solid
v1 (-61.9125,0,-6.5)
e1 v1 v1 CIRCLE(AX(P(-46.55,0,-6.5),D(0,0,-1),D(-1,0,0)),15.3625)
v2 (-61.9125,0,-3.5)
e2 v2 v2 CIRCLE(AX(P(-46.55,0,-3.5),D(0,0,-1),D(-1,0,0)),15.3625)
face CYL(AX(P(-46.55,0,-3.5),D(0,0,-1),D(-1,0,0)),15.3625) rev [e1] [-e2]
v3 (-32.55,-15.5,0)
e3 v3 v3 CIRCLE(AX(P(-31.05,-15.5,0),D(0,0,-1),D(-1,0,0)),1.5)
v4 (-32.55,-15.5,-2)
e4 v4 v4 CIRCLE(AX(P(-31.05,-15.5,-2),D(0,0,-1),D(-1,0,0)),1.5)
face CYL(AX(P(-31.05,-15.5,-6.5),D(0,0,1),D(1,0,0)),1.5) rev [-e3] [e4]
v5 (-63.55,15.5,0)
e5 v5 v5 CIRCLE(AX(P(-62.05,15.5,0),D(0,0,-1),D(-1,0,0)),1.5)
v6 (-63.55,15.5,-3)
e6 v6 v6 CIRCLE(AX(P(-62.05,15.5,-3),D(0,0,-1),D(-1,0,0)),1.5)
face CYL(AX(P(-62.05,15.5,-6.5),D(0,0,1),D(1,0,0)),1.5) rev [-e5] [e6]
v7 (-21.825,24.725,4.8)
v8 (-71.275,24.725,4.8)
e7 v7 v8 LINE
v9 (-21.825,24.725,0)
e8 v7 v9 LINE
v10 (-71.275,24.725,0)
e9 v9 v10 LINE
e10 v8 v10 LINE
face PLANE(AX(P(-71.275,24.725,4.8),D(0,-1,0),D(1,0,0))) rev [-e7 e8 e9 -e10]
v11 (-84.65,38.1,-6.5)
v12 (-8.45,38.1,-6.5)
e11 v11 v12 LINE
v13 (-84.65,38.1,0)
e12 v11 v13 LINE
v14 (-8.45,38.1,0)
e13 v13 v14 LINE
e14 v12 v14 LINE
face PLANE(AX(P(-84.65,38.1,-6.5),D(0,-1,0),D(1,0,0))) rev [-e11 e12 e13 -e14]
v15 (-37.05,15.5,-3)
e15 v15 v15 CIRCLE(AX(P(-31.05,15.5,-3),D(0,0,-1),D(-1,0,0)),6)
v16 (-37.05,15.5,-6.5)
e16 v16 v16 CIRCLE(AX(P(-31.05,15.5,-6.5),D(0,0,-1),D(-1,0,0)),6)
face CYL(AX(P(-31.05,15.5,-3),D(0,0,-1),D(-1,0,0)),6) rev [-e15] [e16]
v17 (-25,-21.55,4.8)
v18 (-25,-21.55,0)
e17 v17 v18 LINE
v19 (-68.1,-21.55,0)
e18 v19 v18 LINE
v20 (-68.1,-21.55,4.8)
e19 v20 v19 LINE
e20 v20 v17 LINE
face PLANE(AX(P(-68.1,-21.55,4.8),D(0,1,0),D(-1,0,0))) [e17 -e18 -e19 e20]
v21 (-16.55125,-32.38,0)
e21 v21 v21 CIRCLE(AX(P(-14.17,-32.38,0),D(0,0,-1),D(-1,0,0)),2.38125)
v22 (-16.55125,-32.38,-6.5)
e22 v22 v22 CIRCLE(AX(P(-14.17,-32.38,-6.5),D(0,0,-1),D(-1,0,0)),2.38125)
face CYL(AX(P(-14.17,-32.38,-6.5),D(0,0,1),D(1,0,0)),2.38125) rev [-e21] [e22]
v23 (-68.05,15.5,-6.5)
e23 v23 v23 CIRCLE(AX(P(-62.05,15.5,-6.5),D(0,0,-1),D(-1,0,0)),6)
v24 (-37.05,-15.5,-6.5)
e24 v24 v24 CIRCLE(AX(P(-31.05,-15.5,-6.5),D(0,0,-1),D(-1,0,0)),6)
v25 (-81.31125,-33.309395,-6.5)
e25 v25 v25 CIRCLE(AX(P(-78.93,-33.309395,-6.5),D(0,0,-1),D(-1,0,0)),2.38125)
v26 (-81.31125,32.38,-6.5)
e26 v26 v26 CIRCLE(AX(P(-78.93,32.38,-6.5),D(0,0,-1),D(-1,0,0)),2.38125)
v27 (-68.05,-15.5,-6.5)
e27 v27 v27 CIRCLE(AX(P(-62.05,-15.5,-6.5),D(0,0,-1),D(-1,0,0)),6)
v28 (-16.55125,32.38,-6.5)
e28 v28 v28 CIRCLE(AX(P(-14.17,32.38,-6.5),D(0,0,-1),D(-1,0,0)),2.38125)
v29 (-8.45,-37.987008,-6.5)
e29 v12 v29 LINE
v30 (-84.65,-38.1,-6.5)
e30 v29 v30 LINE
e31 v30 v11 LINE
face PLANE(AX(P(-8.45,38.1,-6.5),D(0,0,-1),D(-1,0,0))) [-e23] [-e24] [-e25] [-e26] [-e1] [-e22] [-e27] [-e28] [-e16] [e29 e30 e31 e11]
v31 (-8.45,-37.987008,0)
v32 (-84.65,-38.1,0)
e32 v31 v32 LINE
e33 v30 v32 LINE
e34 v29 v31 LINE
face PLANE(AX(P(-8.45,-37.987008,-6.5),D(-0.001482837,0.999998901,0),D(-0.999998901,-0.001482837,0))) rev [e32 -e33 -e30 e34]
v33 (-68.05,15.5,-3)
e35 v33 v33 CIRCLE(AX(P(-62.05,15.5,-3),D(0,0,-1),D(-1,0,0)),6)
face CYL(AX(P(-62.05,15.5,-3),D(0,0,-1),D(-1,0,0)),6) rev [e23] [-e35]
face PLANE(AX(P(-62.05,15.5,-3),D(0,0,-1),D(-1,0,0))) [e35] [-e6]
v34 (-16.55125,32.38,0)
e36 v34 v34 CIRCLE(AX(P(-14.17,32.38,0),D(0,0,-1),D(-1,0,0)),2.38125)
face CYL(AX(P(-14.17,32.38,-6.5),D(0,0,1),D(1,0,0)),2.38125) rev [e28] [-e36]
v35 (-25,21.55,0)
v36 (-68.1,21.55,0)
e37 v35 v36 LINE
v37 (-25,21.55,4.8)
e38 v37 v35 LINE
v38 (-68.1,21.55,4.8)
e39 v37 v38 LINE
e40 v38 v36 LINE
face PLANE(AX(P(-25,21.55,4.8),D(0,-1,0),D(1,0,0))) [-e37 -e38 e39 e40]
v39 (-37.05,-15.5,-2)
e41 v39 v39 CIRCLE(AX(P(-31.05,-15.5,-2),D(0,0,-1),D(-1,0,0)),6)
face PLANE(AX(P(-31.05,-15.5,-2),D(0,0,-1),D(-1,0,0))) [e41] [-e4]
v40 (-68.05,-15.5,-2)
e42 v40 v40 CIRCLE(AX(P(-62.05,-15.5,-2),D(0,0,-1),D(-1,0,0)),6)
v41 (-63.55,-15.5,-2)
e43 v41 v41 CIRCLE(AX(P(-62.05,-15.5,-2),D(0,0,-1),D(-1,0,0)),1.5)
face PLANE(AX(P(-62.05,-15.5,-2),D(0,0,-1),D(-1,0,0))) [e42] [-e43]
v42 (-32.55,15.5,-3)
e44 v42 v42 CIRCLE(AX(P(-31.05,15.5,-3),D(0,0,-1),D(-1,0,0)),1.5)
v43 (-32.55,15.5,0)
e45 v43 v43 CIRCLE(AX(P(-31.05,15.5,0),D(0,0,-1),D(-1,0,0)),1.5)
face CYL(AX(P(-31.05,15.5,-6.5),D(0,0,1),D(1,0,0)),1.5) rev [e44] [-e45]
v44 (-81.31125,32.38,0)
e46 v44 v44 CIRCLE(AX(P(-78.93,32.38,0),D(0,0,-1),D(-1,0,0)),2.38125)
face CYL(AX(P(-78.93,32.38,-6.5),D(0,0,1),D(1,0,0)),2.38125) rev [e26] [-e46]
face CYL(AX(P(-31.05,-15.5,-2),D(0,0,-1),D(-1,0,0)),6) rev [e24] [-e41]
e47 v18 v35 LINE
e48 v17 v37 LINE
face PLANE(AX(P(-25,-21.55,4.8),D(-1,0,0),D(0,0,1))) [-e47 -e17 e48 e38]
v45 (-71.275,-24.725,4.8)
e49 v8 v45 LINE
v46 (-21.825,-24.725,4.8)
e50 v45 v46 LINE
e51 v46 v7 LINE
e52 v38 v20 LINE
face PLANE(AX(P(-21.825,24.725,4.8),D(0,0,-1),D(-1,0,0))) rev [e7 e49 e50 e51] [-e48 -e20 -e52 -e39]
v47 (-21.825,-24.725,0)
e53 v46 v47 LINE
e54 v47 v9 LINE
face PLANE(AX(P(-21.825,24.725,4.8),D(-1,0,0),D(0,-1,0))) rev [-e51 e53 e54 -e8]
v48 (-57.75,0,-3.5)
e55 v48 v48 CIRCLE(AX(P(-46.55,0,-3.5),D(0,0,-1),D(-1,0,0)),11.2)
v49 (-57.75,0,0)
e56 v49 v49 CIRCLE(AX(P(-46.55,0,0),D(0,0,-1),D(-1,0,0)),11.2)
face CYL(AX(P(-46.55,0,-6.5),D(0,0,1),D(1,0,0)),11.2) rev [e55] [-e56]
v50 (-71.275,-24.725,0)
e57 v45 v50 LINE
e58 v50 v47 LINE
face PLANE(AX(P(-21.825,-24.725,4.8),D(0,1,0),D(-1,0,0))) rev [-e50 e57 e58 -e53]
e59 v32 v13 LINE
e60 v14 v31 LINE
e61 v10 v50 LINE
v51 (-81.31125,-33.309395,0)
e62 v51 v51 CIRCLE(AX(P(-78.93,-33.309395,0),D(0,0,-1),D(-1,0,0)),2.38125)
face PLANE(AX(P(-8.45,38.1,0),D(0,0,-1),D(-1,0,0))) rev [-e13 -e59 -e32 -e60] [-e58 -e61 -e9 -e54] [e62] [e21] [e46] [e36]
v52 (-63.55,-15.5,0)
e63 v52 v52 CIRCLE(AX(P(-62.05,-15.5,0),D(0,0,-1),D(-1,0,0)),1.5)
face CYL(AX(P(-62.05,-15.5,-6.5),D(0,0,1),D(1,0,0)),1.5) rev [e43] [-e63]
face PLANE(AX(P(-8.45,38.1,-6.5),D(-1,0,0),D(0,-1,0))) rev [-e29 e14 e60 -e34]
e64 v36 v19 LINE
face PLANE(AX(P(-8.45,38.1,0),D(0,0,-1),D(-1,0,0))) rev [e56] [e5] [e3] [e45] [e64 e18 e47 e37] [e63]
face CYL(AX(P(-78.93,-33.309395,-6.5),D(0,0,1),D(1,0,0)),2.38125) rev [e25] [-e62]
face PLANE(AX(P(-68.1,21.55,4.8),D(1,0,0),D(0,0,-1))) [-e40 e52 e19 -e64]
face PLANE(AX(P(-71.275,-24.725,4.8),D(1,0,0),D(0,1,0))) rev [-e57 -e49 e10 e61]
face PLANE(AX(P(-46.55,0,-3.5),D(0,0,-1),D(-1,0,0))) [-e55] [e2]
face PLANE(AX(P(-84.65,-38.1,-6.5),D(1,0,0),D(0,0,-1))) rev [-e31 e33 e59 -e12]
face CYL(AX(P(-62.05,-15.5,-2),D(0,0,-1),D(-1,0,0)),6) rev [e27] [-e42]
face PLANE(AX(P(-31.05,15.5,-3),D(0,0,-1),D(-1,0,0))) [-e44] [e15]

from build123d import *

# Parameters (mm, degrees)
SKETCH5_W      = 49.45
SKETCH5_H      = 49.45
SKETCH5_W_2    = 43.1
SKETCH5_H_2    = 43.1
EXTRUDE1_DEPTH = 4.8
SKETCH6_R      = 1.5
SKETCH6_R_2    = 2.38125
SKETCH6_R_3    = 11.2
EXTRUDE2_DEPTH = 6.5
SKETCH7_R      = 6
EXTRUDE3_DEPTH = 4.5
SKETCH8_R      = 6
EXTRUDE4_DEPTH = 3.5
SKETCH9_R      = 15.3625
EXTRUDE5_DEPTH = 3


with BuildPart() as part:
    # Sketch5 → Extrude1 (new body)
    with BuildSketch(Plane.XY):
        with Locations((-46.55, 0)):
            Rectangle(SKETCH5_W, SKETCH5_H)
        with Locations((-46.55, 0)):
            Rectangle(SKETCH5_W_2, SKETCH5_H_2, mode=Mode.SUBTRACT)
    extrude(amount=EXTRUDE1_DEPTH)

    # Sketch6 → Extrude2 (add)
    with BuildSketch(Plane(origin=(0, 0, 0), x_dir=(-1, 0, 0), z_dir=(0, 0, -1))):
        Polygon((8.45, 38.1), (8.45, -37.987007671), (84.65, -38.1), (84.65, 38.1), align=None)
        with Locations((62.05, 15.5)):
            Circle(SKETCH6_R, mode=Mode.SUBTRACT)
        with Locations((31.05, 15.5)):
            Circle(SKETCH6_R, mode=Mode.SUBTRACT)
        with Locations((62.05, -15.5)):
            Circle(SKETCH6_R, mode=Mode.SUBTRACT)
        with Locations((31.05, -15.5)):
            Circle(SKETCH6_R, mode=Mode.SUBTRACT)
        with Locations((14.17, 32.38)):
            Circle(SKETCH6_R_2, mode=Mode.SUBTRACT)
        with Locations((78.93, 32.38)):
            Circle(SKETCH6_R_2, mode=Mode.SUBTRACT)
        with Locations((78.93, -33.309394929)):
            Circle(SKETCH6_R_2, mode=Mode.SUBTRACT)
        with Locations((14.17, -32.38)):
            Circle(SKETCH6_R_2, mode=Mode.SUBTRACT)
        with Locations((46.55, 0)):
            Circle(SKETCH6_R_3, mode=Mode.SUBTRACT)
    extrude(amount=EXTRUDE2_DEPTH)

    # Sketch7 → Extrude3 (cut)
    with BuildSketch(Plane(origin=(0, 0, -6.5), x_dir=(-1, 0, 0), z_dir=(0, 0, -1))):
        with Locations((62.05, -15.5)):
            Circle(SKETCH7_R)
        with Locations((31.05, -15.5)):
            Circle(SKETCH7_R)
    extrude(amount=-EXTRUDE3_DEPTH, mode=Mode.SUBTRACT)

    # Sketch8 → Extrude4 (cut)
    with BuildSketch(Plane(origin=(0, 0, -6.5), x_dir=(-1, 0, 0), z_dir=(0, 0, -1))):
        with Locations((62.05, 15.5)):
            Circle(SKETCH8_R)
        with Locations((31.05, 15.5)):
            Circle(SKETCH8_R)
    extrude(amount=-EXTRUDE4_DEPTH, mode=Mode.SUBTRACT)

    # Sketch9 → Extrude5 (cut)
    with BuildSketch(Plane(origin=(0, 0, -6.5), x_dir=(-1, 0, 0), z_dir=(0, 0, -1))):
        with Locations((46.55, 0)):
            Circle(SKETCH9_R)
    extrude(amount=-EXTRUDE5_DEPTH, mode=Mode.SUBTRACT)


solid = part.part
